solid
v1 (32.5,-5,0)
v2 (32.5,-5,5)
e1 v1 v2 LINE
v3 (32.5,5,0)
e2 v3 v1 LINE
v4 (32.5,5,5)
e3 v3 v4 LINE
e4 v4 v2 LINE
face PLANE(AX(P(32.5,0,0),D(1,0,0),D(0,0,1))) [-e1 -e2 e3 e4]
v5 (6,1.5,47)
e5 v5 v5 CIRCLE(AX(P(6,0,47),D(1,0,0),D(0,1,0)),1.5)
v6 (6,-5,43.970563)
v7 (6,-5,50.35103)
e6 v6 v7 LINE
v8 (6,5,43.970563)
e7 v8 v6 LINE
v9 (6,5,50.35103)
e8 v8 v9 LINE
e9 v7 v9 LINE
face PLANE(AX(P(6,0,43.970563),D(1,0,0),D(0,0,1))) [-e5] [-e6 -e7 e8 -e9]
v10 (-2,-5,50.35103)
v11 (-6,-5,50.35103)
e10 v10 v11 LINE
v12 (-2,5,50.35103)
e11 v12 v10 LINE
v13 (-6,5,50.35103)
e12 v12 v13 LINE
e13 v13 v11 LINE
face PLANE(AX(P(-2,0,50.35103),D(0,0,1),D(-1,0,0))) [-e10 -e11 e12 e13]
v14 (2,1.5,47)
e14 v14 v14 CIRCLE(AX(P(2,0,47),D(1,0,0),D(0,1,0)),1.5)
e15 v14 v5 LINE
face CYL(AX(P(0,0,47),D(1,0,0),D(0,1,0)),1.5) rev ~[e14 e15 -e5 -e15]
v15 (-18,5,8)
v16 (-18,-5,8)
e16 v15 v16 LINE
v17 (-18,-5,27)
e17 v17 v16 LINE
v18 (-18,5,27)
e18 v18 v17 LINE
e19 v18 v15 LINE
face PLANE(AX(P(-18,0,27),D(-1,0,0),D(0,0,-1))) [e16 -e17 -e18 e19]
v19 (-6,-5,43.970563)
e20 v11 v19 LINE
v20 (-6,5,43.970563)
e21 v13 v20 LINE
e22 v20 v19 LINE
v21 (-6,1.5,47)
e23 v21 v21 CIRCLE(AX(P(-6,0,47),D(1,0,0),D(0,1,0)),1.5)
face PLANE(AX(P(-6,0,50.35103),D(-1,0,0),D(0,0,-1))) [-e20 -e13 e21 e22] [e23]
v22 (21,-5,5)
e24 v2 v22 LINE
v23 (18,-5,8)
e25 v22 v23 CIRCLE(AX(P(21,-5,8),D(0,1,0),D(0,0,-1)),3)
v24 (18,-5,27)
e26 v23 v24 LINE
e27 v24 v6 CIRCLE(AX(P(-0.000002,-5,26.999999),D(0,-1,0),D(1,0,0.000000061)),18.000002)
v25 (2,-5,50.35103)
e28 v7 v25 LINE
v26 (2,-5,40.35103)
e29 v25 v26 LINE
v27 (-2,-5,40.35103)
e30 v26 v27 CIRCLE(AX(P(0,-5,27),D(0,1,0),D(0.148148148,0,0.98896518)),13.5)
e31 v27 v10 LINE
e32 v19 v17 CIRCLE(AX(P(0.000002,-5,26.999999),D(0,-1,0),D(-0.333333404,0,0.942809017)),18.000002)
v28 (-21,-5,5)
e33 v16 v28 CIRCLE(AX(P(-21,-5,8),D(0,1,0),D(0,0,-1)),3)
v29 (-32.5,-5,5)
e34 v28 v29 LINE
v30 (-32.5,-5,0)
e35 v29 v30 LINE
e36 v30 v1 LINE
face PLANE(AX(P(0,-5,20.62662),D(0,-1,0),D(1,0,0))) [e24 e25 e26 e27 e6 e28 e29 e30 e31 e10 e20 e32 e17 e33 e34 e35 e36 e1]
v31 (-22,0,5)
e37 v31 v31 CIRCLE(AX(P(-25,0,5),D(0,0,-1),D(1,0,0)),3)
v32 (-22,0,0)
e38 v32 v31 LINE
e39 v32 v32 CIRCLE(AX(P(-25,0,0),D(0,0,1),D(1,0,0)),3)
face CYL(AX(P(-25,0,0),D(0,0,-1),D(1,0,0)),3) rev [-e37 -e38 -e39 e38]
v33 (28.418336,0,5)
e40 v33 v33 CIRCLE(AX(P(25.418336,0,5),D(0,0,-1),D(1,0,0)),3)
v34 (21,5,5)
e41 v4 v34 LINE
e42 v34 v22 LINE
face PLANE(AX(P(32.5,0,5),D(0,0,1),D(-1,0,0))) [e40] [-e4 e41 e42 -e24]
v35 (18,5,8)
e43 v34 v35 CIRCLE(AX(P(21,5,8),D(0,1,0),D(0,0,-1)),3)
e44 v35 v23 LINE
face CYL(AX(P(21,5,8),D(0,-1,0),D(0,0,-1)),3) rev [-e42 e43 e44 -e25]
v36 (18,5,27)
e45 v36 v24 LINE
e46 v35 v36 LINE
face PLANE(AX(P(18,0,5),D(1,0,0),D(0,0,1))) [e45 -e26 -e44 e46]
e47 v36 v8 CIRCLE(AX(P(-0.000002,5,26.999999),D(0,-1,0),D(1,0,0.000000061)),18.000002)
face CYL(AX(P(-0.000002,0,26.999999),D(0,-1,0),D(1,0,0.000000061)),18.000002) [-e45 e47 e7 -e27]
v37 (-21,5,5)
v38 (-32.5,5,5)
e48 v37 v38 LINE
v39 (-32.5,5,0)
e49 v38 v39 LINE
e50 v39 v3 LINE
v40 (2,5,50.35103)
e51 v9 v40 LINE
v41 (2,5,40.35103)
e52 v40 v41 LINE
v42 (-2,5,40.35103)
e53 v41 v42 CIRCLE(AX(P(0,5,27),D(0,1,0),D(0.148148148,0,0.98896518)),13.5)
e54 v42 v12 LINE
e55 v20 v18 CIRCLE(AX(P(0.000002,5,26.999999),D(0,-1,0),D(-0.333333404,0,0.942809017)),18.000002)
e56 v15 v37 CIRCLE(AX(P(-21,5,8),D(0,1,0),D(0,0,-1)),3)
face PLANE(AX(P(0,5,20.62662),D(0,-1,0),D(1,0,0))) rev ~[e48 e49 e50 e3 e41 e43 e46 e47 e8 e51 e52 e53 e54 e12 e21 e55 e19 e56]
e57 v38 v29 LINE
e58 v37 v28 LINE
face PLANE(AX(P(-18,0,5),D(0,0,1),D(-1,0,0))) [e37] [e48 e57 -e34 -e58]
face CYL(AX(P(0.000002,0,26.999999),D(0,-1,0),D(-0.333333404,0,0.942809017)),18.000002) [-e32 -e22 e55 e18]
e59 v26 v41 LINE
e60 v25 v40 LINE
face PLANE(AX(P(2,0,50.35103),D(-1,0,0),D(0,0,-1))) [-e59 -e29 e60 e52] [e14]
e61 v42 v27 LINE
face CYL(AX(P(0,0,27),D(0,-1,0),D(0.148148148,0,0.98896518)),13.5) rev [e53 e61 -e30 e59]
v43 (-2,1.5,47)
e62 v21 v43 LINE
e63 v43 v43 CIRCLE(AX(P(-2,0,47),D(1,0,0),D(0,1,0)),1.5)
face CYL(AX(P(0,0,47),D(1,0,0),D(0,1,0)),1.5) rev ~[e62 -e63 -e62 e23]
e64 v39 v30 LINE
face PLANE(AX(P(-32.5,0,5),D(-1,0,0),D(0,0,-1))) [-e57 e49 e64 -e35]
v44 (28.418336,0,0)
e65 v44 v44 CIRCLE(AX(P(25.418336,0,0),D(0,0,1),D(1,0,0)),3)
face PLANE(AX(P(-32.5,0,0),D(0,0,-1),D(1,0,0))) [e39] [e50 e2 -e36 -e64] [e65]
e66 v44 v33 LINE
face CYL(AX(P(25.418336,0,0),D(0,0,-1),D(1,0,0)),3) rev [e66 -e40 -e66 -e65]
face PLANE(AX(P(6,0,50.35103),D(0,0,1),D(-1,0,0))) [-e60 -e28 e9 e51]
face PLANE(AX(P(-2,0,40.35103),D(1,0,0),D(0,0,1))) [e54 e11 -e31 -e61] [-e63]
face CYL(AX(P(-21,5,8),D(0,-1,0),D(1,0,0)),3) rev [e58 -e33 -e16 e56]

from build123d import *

# Parameters (mm, degrees)
F1_DEPTH = 5
F2_R     = 1.5
F3_DEPTH = 12.5
F5_R     = 3
F6_R     = 3
F7_DEPTH = 25


with BuildPart() as f1:
    # F0 (on Front) → F1 (new body, symmetric)
    with BuildSketch(Plane.XZ):
        with BuildLine():
            ThreePointArc((2, 40.35103), (0, 13.5), (-2, 40.35103))
            Line((-2, 40.35103), (-2, 40.404946))
            Line((-2, 40.404946), (-2, 50.35103))
            Line((-2, 50.35103), (-6, 50.35103))
            Line((-6, 50.35103), (-6, 43.970563))
            ThreePointArc((-6, 43.970563), (-14.696938, 37.392305), (-18, 27))
            Line((-18, 27), (-18, 5))
            Line((-18, 5), (-32.5, 5))
            Line((-32.5, 5), (-32.5, 0))
            Line((-32.5, 0), (-15, 0))
            Line((-15, 0), (15, 0))
            Line((15, 0), (32.5, 0))
            Line((32.5, 0), (32.5, 5))
            Line((32.5, 5), (18, 5))
            Line((18, 5), (18, 27))
            ThreePointArc((18, 27), (14.696938, 37.392305), (6, 43.970563))
            Line((6, 43.970563), (6, 50.35103))
            Line((6, 50.35103), (2, 50.35103))
            Line((2, 50.35103), (2, 40.35103))
        make_face()
    extrude(amount=F1_DEPTH, both=True)


with BuildPart() as f3:
    # F2 (on Right) → F3 (new body, symmetric)
    with BuildSketch(Plane.YZ):
        with Locations((0, 47)):
            Circle(F2_R)
    extrude(amount=F3_DEPTH, both=True)


with BuildPart() as f1_1:
    add(f1.part)

    # F4: cut F3
    add(f3.part, mode=Mode.SUBTRACT)

    # F5
    f5_edges = [f1_1.edges().sort_by_distance(p)[0] for p in [
        (18, 0, 5),
        (-18, 0, 5),
    ]]
    fillet(f5_edges, radius=F5_R)


with BuildPart() as f7:
    # F6 (on Top) → F7 (new body)
    with BuildSketch(Plane.XY):
        with Locations((-25, 0)):
            Circle(F6_R)
        with Locations((25.418336, 0)):
            Circle(F6_R)
    extrude(amount=F7_DEPTH)


with BuildPart() as f1_2:
    add(f1_1.part)

    # F8: cut F7
    add(f7.part, mode=Mode.SUBTRACT)


solid = f1_2.part
